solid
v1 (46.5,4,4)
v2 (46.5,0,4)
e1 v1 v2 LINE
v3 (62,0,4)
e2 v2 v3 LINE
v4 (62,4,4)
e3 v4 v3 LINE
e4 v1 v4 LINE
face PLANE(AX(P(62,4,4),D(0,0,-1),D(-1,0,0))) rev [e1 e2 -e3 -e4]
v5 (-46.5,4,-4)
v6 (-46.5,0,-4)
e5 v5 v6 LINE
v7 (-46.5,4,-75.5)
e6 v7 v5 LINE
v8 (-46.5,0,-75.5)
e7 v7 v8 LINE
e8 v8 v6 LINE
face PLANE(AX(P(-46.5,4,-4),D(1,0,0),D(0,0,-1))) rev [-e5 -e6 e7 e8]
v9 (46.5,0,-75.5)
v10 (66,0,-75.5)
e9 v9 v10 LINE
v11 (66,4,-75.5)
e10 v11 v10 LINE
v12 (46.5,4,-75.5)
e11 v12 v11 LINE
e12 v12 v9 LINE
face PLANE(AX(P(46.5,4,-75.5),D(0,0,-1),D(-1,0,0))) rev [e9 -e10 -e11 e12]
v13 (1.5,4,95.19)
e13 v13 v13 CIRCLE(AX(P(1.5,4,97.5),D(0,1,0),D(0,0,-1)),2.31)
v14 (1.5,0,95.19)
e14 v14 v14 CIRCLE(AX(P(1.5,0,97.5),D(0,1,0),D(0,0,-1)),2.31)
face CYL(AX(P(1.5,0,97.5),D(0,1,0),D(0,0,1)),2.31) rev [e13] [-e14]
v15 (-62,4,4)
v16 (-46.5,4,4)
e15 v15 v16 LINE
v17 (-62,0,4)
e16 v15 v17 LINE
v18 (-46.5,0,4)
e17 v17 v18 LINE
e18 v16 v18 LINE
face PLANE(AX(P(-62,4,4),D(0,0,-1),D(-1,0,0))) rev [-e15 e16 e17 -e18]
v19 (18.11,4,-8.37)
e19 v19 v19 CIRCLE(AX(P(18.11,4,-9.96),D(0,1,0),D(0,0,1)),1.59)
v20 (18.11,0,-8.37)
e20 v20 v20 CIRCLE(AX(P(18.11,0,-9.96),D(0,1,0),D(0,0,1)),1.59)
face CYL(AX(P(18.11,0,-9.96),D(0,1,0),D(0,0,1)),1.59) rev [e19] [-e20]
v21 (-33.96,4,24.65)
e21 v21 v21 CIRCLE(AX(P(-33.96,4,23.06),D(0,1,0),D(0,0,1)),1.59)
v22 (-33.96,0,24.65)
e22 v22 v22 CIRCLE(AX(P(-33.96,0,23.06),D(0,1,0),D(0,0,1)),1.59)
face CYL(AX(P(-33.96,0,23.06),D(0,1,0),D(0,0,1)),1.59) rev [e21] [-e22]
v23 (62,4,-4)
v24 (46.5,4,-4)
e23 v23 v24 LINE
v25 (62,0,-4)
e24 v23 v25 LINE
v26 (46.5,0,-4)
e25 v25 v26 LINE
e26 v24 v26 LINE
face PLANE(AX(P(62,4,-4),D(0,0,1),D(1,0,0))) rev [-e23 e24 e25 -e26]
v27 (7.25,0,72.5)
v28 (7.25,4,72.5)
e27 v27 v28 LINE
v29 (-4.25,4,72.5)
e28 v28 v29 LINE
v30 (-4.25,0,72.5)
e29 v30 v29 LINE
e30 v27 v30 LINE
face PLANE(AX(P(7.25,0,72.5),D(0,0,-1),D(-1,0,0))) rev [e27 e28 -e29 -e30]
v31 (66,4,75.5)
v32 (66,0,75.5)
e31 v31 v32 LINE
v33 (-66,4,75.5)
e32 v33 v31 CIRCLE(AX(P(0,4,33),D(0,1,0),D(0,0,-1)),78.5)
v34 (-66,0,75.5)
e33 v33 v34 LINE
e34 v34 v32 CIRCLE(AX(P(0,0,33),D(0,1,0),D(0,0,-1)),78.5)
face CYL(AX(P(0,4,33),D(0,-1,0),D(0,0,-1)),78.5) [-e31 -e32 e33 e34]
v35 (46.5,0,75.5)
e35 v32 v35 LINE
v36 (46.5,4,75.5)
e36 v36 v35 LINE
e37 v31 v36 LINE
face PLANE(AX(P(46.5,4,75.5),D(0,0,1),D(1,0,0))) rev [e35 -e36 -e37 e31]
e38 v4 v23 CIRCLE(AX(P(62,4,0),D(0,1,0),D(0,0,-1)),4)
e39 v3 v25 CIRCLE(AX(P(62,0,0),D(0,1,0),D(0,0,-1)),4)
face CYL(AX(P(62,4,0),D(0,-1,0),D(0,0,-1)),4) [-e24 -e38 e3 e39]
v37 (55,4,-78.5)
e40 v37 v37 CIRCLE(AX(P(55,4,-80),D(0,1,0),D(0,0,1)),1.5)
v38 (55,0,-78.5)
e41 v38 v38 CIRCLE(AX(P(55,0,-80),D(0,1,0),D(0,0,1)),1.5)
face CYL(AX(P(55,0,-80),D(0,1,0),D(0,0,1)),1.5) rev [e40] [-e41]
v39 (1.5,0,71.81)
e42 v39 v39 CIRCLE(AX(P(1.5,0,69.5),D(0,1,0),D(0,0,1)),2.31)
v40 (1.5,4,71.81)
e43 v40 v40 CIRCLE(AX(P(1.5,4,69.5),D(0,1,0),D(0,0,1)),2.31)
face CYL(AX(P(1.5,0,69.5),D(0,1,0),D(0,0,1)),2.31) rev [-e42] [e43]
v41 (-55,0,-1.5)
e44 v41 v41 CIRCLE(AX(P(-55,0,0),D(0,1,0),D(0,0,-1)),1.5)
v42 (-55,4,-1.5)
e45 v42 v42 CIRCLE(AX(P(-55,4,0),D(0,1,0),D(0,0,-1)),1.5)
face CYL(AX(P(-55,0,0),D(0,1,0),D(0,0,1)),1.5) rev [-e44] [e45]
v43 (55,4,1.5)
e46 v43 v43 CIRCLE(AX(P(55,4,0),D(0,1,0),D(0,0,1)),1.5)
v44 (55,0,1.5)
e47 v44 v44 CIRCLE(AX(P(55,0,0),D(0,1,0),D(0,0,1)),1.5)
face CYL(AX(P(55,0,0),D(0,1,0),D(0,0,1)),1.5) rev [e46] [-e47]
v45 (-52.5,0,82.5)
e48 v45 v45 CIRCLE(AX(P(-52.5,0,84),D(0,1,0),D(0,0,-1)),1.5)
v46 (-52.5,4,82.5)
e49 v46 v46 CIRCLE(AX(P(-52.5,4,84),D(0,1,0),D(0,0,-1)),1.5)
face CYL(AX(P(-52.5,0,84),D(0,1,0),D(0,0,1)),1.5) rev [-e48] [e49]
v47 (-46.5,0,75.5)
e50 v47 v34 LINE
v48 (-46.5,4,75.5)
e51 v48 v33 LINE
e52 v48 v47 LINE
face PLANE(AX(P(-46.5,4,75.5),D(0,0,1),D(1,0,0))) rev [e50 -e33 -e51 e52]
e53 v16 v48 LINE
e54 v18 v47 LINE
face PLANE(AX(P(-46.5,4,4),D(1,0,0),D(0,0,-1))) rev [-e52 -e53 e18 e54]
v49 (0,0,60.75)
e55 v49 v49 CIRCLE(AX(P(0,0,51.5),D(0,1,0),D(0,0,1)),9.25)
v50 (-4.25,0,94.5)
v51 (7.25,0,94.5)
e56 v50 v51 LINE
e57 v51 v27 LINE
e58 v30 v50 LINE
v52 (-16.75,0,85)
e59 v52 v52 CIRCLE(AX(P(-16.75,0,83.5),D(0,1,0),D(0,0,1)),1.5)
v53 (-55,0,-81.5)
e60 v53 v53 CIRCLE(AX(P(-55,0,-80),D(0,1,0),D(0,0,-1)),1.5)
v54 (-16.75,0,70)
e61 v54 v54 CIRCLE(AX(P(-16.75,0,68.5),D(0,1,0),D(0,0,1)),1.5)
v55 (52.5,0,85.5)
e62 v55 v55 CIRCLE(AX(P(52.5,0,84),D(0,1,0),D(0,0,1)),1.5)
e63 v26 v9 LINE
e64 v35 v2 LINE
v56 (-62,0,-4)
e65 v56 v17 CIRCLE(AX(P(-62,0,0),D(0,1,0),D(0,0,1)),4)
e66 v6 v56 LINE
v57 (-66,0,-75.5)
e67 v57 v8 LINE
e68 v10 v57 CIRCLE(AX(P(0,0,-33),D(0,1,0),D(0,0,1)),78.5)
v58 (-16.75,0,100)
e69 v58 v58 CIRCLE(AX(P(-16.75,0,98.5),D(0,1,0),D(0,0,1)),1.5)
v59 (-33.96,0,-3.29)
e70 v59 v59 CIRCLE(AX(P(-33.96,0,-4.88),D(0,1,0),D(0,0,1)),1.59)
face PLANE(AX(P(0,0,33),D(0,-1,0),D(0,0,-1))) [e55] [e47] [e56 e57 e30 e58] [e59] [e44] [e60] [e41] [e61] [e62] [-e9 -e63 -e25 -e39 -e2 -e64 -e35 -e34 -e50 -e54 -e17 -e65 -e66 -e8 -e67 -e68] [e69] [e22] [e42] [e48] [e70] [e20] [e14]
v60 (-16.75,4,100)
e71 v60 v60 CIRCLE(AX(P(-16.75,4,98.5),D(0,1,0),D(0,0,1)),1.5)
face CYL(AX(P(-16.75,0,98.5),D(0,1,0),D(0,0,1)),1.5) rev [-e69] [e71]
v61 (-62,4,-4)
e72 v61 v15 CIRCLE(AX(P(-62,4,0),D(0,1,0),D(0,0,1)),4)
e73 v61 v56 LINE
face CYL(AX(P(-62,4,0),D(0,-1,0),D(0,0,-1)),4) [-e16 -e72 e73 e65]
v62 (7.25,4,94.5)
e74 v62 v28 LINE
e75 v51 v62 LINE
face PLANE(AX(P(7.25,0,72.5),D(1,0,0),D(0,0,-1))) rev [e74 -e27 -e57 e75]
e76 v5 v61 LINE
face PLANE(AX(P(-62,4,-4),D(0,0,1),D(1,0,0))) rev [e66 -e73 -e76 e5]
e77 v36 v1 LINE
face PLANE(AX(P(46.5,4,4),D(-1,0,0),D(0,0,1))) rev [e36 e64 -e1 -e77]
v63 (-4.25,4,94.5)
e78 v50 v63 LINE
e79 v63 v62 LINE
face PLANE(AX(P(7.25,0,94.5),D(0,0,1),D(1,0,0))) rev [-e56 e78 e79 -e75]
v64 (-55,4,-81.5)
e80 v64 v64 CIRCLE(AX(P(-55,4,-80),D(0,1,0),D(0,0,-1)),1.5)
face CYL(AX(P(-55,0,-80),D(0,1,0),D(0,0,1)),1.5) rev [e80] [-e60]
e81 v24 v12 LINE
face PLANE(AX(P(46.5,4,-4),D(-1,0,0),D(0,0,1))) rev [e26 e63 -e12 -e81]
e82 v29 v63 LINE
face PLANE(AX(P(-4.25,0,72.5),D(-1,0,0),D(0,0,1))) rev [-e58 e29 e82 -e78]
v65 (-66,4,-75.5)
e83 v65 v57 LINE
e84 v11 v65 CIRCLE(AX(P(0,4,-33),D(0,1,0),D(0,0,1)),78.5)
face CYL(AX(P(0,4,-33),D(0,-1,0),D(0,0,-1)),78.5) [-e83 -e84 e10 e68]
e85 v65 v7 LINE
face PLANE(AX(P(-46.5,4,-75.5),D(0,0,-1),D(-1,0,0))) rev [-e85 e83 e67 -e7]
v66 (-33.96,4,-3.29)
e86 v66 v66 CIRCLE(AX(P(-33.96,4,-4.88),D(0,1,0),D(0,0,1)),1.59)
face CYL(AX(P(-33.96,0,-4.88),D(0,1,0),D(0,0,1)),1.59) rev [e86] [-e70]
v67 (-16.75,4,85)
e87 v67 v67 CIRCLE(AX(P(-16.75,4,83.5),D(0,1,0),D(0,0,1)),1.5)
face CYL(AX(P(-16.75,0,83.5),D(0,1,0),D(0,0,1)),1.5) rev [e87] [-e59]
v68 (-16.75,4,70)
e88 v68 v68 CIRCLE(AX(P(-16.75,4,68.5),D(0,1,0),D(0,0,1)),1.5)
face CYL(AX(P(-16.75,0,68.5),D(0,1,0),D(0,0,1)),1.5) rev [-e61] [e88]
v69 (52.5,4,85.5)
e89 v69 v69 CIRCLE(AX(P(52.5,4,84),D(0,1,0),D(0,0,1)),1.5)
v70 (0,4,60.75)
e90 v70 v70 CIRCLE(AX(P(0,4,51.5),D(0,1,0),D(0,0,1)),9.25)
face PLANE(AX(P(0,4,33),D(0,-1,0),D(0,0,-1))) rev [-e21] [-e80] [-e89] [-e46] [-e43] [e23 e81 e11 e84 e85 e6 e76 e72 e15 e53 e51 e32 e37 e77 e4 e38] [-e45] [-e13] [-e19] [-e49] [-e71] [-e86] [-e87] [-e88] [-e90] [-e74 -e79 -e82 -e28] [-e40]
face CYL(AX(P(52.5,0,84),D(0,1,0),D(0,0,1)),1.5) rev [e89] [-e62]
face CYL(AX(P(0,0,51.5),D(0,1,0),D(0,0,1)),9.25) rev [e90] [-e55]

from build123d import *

# Parameters (mm, degrees)
PLATE_DEPTH           = 4
SKETCH2_R             = 1.5
PLATE_MOUNTINGS_DEPTH = 130.631207662
SKETCH3_R             = 1.5
SKETCH3_R_2           = 2.31
SKETCH3_R_3           = 9.25
SKETCH3_W             = 11.5
SKETCH3_H             = 22
CUT_EXTRUDE1_DEPTH    = 130.631207662
SKETCH4_R             = 1.59
CUT_EXTRUDE2_DEPTH    = 130.631207662


with BuildPart() as part:
    # Sketch1 → Plate (new body)
    with BuildSketch(Plane(origin=(0, 0, 0), x_dir=(1, 0, 0), z_dir=(0, 1, 0))):
        with BuildLine():
            Line((62, 4), (46.5, 4))
            Line((46.5, 4), (46.5, 75.5))
            Line((46.5, 75.5), (66, 75.5))
            ThreePointArc((66, 75.5), (0, 111.5), (-66, 75.5))
            Line((-66, 75.5), (-46.5, 75.5))
            Line((-46.5, 75.5), (-46.5, 4))
            Line((-46.5, 4), (-62, 4))
            ThreePointArc((-62, 4), (-66, 0), (-62, -4))
            Line((-62, -4), (-46.5, -4))
            Line((-46.5, -4), (-46.5, -75.5))
            Line((-46.5, -75.5), (-66, -75.5))
            ThreePointArc((-66, -75.5), (0, -111.5), (66, -75.5))
            Line((66, -75.5), (46.5, -75.5))
            Line((46.5, -75.5), (46.5, -4))
            Line((46.5, -4), (62, -4))
            ThreePointArc((62, -4), (66, 0), (62, 4))
        make_face()
    extrude(amount=PLATE_DEPTH)

    # Sketch2 → Plate mountings (cut, through all)
    with BuildSketch(Plane(origin=(0, 4, 0), x_dir=(1, 0, 0), z_dir=(0, 1, 0))):
        with Locations(Location((55, 0, 0), (0, 0, 270))):
            Circle(SKETCH2_R)
        with Locations(Location((55, 80, 0), (0, 0, 270))):
            Circle(SKETCH2_R)
        with Locations(Location((-55, 0, 0), (0, 0, 90))):
            Circle(SKETCH2_R)
        with Locations(Location((-55, 80, 0), (0, 0, 90))):
            Circle(SKETCH2_R)
        with Locations(Location((52.5, -84, 0), (0, 0, 270))):
            Circle(SKETCH2_R)
        with Locations(Location((-52.5, -84, 0), (0, 0, 90))):
            Circle(SKETCH2_R)
    extrude(amount=-PLATE_MOUNTINGS_DEPTH, mode=Mode.SUBTRACT)

    # Sketch3 → Cut-Extrude1 (cut, through all)
    with BuildSketch(Plane(origin=(0, 4, 0), x_dir=(1, 0, 0), z_dir=(0, 1, 0))):
        with Locations(Location((-16.75, -98.5, 0), (0, 0, 270))):
            Circle(SKETCH3_R)
        with Locations(Location((1.5, -69.5, 0), (0, 0, 270))):
            Circle(SKETCH3_R_2)
        with Locations(Location((1.5, -97.5, 0), (0, 0, 90))):
            Circle(SKETCH3_R_2)
        with Locations(Location((-16.75, -83.5, 0), (0, 0, 270))):
            Circle(SKETCH3_R)
        with Locations(Location((-16.75, -68.5, 0), (0, 0, 270))):
            Circle(SKETCH3_R)
        with Locations(Location((0, -51.5, 0), (0, 0, 270))):
            Circle(SKETCH3_R_3)
        with Locations((1.5, -83.5)):
            Rectangle(SKETCH3_W, SKETCH3_H)
    extrude(amount=-CUT_EXTRUDE1_DEPTH, mode=Mode.SUBTRACT)

    # Sketch4 → Cut-Extrude2 (cut, through all)
    with BuildSketch(Plane(origin=(0, 4, 0), x_dir=(1, 0, 0), z_dir=(0, 1, 0))):
        with Locations(Location((18.11, 9.96, 0), (0, 0, 270))):
            Circle(SKETCH4_R)
        with Locations(Location((-33.96, 4.88, 0), (0, 0, 270))):
            Circle(SKETCH4_R)
        with Locations(Location((-33.96, -23.06, 0), (0, 0, 270))):
            Circle(SKETCH4_R)
    extrude(amount=-CUT_EXTRUDE2_DEPTH, mode=Mode.SUBTRACT)


solid = part.part
